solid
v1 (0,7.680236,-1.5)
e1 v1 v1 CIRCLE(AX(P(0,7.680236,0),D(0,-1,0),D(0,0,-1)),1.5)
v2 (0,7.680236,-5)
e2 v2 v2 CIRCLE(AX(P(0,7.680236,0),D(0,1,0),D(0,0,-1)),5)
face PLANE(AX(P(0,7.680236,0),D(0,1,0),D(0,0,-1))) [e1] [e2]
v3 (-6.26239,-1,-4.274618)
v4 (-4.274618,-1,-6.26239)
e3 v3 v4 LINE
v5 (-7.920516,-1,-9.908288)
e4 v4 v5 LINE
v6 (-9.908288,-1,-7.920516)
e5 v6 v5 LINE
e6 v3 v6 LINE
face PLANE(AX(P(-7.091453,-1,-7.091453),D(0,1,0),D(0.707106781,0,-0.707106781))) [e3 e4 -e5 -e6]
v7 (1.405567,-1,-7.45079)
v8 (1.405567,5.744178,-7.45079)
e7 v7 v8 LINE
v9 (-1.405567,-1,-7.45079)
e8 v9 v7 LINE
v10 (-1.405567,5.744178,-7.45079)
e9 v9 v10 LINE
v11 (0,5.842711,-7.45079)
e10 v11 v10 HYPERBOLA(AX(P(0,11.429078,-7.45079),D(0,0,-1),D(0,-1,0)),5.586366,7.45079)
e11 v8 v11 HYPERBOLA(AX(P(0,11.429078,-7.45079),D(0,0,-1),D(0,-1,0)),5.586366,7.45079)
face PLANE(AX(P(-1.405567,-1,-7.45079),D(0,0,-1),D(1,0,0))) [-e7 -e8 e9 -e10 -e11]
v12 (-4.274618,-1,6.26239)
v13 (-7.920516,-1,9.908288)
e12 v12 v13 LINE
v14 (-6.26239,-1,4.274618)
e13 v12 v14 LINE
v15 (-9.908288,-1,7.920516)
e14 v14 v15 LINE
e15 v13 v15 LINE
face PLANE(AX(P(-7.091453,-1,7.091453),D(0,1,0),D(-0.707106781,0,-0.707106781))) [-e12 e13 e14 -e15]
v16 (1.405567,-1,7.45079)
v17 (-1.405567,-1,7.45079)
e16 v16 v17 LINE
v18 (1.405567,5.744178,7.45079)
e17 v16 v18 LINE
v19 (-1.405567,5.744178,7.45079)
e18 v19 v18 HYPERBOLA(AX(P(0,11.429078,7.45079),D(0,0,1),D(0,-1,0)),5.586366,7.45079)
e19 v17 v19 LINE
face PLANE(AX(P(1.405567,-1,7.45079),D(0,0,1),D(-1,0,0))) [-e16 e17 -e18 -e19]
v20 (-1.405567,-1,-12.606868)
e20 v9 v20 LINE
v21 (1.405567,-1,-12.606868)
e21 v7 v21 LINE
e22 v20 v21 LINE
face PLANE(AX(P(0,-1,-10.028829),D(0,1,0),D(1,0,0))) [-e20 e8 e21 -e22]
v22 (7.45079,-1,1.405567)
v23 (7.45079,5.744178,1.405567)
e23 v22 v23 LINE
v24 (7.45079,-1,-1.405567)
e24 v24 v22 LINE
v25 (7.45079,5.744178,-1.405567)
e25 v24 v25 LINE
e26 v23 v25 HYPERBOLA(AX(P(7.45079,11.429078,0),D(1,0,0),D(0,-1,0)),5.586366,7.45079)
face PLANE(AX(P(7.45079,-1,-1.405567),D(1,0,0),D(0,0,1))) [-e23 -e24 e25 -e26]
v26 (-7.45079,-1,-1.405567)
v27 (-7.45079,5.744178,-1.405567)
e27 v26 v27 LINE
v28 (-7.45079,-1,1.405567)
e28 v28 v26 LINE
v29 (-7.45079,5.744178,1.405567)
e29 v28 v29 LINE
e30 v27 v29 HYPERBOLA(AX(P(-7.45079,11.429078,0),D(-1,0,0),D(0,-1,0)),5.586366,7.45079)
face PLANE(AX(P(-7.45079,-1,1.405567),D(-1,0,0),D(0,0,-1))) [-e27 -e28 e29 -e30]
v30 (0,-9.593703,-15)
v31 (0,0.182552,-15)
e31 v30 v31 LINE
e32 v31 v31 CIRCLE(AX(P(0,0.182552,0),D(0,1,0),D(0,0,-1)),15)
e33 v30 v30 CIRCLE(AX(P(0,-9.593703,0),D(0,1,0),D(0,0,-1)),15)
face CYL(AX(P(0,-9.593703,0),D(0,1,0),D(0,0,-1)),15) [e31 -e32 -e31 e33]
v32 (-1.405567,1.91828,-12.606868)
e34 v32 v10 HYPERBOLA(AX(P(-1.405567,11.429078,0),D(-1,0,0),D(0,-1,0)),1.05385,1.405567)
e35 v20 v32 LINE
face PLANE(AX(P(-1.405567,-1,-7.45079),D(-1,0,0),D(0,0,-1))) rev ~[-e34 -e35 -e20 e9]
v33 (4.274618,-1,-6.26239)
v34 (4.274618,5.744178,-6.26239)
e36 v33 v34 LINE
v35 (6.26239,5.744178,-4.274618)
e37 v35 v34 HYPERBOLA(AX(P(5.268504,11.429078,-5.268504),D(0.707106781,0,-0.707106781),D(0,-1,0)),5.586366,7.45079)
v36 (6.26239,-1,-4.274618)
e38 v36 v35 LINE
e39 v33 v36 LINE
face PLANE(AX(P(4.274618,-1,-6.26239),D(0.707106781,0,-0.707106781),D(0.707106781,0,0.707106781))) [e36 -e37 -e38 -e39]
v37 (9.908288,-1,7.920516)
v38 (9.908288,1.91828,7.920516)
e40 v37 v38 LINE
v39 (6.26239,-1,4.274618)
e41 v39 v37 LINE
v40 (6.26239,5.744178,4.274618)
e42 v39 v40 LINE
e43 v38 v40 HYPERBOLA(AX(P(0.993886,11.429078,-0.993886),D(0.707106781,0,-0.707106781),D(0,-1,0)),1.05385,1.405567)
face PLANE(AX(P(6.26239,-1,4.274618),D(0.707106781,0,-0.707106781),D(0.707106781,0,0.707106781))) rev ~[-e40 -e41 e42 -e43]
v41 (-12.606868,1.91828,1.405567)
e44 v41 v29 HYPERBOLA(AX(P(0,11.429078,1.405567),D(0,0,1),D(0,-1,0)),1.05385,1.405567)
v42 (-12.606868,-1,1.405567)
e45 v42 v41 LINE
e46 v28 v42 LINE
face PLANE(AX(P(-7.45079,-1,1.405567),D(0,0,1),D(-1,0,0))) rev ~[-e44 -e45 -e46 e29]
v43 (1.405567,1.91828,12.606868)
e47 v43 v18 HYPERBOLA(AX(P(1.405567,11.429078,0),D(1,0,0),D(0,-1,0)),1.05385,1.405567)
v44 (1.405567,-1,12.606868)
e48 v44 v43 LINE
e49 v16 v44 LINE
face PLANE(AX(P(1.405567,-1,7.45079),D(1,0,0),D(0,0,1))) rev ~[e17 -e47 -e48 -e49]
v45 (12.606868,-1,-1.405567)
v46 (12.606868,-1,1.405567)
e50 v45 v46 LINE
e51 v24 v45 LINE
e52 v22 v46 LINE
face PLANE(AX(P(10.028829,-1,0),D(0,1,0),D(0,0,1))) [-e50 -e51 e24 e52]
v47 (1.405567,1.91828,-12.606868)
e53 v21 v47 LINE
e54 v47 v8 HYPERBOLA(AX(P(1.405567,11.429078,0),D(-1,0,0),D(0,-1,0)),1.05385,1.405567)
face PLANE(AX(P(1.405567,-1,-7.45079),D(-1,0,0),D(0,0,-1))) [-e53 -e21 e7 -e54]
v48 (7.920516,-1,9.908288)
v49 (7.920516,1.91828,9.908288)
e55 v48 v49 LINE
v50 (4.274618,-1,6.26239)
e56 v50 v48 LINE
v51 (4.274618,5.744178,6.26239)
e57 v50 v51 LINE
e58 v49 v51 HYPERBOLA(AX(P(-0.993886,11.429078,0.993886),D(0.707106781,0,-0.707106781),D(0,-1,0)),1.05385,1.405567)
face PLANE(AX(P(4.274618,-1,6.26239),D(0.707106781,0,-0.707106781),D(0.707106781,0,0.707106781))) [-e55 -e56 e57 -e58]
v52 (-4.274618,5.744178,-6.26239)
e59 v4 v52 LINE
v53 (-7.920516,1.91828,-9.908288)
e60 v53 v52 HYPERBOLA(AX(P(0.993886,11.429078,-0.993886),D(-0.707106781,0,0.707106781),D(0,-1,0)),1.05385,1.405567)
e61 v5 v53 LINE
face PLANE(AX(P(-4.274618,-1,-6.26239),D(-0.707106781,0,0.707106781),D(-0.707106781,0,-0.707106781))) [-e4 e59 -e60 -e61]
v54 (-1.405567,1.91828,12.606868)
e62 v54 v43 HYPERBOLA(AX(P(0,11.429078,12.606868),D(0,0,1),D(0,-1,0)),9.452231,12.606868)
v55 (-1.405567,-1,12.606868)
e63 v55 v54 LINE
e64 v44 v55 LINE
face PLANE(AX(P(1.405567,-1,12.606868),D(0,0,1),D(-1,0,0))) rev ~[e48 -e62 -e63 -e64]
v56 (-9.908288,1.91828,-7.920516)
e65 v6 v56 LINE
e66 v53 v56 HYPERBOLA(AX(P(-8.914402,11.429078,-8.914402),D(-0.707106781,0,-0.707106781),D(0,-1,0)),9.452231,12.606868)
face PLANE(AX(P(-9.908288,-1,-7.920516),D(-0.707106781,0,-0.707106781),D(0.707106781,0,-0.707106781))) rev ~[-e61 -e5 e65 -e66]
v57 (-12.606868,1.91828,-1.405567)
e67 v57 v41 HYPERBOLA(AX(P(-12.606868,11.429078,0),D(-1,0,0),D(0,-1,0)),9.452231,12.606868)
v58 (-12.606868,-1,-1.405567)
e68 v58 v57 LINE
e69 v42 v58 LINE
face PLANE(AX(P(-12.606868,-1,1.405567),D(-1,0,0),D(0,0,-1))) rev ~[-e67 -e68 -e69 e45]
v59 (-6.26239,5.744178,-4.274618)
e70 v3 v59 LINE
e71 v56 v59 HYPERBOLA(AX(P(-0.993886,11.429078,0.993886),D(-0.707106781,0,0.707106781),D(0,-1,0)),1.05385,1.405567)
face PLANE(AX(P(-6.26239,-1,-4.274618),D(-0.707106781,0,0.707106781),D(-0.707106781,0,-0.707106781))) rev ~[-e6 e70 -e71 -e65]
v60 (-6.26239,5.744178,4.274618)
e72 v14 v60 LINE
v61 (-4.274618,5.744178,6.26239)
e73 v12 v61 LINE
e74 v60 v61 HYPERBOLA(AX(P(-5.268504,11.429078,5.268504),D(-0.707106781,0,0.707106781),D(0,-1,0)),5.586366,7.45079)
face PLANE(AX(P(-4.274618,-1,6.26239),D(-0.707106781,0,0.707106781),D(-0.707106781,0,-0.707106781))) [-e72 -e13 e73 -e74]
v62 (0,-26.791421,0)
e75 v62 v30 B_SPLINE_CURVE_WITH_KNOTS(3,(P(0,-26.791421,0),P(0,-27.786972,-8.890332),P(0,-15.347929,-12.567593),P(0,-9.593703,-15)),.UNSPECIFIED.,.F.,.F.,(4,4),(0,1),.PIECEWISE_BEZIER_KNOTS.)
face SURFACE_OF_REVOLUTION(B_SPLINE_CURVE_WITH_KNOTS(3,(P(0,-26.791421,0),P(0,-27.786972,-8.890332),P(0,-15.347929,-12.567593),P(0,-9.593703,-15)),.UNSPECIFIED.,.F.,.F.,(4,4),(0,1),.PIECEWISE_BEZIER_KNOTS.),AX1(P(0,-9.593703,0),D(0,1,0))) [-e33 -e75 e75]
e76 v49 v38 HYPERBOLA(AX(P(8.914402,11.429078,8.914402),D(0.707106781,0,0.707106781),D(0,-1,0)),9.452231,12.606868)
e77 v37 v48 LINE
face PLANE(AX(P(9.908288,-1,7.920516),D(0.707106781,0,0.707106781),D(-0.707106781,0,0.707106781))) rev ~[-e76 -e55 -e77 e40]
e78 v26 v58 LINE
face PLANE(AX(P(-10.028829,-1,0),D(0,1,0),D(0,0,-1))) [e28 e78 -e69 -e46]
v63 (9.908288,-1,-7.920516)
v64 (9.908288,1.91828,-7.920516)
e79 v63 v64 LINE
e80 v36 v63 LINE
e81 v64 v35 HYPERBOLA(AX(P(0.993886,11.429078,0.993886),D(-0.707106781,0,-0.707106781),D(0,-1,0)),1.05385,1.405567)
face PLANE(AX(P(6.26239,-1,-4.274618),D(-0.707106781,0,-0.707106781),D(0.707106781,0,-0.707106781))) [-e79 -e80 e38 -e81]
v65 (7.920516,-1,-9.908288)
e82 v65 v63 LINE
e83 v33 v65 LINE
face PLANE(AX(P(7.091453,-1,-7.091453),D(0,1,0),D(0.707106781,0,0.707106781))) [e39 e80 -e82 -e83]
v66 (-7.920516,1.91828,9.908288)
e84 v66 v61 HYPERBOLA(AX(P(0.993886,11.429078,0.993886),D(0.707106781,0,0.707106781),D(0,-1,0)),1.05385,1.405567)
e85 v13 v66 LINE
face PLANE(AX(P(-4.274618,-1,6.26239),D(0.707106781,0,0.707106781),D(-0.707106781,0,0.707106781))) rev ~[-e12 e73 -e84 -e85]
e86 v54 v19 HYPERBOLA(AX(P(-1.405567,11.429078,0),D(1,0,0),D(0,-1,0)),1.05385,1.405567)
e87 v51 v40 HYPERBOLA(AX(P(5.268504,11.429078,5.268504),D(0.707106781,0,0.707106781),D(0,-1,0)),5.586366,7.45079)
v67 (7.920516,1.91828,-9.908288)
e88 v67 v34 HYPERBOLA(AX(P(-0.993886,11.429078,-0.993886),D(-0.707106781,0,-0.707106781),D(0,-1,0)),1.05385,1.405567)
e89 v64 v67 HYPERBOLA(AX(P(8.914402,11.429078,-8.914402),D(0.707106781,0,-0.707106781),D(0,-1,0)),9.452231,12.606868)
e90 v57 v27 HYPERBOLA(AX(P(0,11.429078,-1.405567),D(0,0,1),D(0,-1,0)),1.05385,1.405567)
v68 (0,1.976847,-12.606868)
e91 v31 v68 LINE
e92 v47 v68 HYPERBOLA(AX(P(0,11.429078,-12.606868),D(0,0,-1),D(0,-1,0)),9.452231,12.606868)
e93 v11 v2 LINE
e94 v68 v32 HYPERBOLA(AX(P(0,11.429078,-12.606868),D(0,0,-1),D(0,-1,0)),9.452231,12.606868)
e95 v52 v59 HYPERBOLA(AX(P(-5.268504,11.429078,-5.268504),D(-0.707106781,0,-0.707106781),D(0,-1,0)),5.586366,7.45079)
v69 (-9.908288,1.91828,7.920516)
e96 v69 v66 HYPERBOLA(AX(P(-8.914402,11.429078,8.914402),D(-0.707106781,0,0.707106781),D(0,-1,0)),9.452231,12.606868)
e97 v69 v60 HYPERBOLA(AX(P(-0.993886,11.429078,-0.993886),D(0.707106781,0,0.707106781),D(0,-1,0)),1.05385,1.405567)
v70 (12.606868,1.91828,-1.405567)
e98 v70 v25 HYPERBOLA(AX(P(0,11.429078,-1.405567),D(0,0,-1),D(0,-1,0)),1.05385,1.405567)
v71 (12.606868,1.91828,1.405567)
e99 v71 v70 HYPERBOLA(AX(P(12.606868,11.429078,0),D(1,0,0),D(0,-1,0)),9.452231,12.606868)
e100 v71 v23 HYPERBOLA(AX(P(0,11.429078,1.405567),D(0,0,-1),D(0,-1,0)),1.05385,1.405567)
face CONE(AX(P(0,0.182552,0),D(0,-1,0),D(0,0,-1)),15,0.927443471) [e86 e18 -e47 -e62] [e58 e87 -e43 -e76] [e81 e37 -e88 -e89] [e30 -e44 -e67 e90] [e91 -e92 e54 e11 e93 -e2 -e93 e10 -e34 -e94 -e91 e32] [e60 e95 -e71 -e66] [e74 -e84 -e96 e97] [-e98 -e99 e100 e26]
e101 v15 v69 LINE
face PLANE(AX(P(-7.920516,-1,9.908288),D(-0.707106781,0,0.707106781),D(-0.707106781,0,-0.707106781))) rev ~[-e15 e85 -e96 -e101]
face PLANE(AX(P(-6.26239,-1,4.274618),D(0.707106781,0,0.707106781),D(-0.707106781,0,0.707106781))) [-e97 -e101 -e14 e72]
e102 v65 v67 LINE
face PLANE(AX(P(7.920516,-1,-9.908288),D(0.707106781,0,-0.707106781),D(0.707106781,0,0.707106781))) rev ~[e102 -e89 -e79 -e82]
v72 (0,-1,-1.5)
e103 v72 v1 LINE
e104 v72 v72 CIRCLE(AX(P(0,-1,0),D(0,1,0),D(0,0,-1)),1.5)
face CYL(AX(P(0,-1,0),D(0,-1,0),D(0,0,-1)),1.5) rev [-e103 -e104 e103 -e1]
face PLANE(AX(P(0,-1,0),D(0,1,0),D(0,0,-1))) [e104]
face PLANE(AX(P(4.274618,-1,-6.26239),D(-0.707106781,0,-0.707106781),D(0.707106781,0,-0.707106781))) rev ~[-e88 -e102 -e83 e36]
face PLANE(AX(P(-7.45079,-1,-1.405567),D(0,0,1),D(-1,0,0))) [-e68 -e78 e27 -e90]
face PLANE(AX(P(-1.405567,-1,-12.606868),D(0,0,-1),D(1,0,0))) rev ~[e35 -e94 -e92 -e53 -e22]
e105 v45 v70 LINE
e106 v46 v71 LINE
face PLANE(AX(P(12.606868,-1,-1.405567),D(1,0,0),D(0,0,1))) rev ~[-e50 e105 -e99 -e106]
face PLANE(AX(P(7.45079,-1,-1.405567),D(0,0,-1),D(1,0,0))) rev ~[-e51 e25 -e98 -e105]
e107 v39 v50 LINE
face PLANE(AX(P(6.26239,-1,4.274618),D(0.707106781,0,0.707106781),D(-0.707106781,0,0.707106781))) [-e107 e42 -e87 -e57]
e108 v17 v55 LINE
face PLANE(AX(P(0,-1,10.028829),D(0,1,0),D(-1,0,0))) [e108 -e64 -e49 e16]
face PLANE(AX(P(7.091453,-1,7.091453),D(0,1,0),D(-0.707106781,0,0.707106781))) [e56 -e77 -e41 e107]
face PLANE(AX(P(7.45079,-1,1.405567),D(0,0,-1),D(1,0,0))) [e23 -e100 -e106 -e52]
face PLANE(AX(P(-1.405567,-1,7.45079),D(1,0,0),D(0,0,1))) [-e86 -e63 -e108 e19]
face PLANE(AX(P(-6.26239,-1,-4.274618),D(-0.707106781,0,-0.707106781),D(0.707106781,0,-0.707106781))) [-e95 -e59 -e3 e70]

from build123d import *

# Parameters (mm, degrees)
CUT_EXTRUDE_1_DEPTH      = 10
CUT_EXTRUDE_1_DEPTH_BACK = 1
SKETCH_3_R               = 1.5
CUT_EXTRUDE_START        = -1
SKETCH_4_W               = 2.811133726
SKETCH_4_H               = 5.156078578
CUT_EXTRUDE_2_DEPTH      = 36.217034404
PATTERN_CIRCULAR_1_COUNT = 8


with BuildPart() as part:
    # 草图1 → 旋转3 (revolve)
    with BuildSketch(Plane.XY, mode=Mode.PRIVATE) as revolve_3_sk:
        with BuildLine():
            Line((-15, 0.182551999), (-5, 7.680235811))
            Line((-5, 7.680235811), (0, 7.680235811))
            Line((0, 7.680235811), (0, -9.593702865))
            Line((0, -9.593702865), (0, -26.791420925))
            add(Edge.make_bspline(
                [(0, -26.791420925), (-8.890332256, -27.786972395), (-12.567592708, -15.34792859), (-15, -9.593702865)],
                knots=[0, 0, 0, 0, 1, 1, 1, 1], degree=3))
            Line((-15, -9.593702865), (-15, -6.069622936))
            Line((-15, -6.069622936), (-15, -3.569622936))
            Line((-15, -3.569622936), (-15, 0.182551999))
        make_face()
    revolve(revolve_3_sk.sketch.rotate(Axis((0, -9.593702865, 0), (0, 1, 0)), 270), axis=Axis((0, -9.593702865, 0), (0, 1, 0)))

    # 草图3 → 切除-拉伸1 (cut, two sides: drawn at the far end of the back side and taken through both)
    with BuildSketch(Plane(origin=(0, 0, 0), x_dir=(1, 0, 0), z_dir=(0, 1, 0)).offset(-CUT_EXTRUDE_1_DEPTH_BACK)):
        with Locations(Location((0, 0, 0), (0, 0, 90))):
            Circle(SKETCH_3_R)
    extrude(amount=CUT_EXTRUDE_1_DEPTH + CUT_EXTRUDE_1_DEPTH_BACK, mode=Mode.SUBTRACT)

    # 草图4 → 切除-拉伸2 (cut)
    with BuildSketch(Plane(origin=(0, 0, 0), x_dir=(1, 0, 0), z_dir=(0, 1, 0)).offset(CUT_EXTRUDE_START)):
        with Locations((0, 10.028828945)):
            Rectangle(SKETCH_4_W, SKETCH_4_H)
    cut_extrude_2 = extrude(amount=CUT_EXTRUDE_2_DEPTH, mode=Mode.SUBTRACT)

    # 阵列(圆周)1: 切除-拉伸2 ×8 about axis
    pattern_circular_1_axis = Axis((0, 0, 0), (0, 1, 0))
    for i in range(1, PATTERN_CIRCULAR_1_COUNT):
        add(cut_extrude_2.rotate(pattern_circular_1_axis, i * 360 / PATTERN_CIRCULAR_1_COUNT), mode=Mode.SUBTRACT)


solid = part.part
